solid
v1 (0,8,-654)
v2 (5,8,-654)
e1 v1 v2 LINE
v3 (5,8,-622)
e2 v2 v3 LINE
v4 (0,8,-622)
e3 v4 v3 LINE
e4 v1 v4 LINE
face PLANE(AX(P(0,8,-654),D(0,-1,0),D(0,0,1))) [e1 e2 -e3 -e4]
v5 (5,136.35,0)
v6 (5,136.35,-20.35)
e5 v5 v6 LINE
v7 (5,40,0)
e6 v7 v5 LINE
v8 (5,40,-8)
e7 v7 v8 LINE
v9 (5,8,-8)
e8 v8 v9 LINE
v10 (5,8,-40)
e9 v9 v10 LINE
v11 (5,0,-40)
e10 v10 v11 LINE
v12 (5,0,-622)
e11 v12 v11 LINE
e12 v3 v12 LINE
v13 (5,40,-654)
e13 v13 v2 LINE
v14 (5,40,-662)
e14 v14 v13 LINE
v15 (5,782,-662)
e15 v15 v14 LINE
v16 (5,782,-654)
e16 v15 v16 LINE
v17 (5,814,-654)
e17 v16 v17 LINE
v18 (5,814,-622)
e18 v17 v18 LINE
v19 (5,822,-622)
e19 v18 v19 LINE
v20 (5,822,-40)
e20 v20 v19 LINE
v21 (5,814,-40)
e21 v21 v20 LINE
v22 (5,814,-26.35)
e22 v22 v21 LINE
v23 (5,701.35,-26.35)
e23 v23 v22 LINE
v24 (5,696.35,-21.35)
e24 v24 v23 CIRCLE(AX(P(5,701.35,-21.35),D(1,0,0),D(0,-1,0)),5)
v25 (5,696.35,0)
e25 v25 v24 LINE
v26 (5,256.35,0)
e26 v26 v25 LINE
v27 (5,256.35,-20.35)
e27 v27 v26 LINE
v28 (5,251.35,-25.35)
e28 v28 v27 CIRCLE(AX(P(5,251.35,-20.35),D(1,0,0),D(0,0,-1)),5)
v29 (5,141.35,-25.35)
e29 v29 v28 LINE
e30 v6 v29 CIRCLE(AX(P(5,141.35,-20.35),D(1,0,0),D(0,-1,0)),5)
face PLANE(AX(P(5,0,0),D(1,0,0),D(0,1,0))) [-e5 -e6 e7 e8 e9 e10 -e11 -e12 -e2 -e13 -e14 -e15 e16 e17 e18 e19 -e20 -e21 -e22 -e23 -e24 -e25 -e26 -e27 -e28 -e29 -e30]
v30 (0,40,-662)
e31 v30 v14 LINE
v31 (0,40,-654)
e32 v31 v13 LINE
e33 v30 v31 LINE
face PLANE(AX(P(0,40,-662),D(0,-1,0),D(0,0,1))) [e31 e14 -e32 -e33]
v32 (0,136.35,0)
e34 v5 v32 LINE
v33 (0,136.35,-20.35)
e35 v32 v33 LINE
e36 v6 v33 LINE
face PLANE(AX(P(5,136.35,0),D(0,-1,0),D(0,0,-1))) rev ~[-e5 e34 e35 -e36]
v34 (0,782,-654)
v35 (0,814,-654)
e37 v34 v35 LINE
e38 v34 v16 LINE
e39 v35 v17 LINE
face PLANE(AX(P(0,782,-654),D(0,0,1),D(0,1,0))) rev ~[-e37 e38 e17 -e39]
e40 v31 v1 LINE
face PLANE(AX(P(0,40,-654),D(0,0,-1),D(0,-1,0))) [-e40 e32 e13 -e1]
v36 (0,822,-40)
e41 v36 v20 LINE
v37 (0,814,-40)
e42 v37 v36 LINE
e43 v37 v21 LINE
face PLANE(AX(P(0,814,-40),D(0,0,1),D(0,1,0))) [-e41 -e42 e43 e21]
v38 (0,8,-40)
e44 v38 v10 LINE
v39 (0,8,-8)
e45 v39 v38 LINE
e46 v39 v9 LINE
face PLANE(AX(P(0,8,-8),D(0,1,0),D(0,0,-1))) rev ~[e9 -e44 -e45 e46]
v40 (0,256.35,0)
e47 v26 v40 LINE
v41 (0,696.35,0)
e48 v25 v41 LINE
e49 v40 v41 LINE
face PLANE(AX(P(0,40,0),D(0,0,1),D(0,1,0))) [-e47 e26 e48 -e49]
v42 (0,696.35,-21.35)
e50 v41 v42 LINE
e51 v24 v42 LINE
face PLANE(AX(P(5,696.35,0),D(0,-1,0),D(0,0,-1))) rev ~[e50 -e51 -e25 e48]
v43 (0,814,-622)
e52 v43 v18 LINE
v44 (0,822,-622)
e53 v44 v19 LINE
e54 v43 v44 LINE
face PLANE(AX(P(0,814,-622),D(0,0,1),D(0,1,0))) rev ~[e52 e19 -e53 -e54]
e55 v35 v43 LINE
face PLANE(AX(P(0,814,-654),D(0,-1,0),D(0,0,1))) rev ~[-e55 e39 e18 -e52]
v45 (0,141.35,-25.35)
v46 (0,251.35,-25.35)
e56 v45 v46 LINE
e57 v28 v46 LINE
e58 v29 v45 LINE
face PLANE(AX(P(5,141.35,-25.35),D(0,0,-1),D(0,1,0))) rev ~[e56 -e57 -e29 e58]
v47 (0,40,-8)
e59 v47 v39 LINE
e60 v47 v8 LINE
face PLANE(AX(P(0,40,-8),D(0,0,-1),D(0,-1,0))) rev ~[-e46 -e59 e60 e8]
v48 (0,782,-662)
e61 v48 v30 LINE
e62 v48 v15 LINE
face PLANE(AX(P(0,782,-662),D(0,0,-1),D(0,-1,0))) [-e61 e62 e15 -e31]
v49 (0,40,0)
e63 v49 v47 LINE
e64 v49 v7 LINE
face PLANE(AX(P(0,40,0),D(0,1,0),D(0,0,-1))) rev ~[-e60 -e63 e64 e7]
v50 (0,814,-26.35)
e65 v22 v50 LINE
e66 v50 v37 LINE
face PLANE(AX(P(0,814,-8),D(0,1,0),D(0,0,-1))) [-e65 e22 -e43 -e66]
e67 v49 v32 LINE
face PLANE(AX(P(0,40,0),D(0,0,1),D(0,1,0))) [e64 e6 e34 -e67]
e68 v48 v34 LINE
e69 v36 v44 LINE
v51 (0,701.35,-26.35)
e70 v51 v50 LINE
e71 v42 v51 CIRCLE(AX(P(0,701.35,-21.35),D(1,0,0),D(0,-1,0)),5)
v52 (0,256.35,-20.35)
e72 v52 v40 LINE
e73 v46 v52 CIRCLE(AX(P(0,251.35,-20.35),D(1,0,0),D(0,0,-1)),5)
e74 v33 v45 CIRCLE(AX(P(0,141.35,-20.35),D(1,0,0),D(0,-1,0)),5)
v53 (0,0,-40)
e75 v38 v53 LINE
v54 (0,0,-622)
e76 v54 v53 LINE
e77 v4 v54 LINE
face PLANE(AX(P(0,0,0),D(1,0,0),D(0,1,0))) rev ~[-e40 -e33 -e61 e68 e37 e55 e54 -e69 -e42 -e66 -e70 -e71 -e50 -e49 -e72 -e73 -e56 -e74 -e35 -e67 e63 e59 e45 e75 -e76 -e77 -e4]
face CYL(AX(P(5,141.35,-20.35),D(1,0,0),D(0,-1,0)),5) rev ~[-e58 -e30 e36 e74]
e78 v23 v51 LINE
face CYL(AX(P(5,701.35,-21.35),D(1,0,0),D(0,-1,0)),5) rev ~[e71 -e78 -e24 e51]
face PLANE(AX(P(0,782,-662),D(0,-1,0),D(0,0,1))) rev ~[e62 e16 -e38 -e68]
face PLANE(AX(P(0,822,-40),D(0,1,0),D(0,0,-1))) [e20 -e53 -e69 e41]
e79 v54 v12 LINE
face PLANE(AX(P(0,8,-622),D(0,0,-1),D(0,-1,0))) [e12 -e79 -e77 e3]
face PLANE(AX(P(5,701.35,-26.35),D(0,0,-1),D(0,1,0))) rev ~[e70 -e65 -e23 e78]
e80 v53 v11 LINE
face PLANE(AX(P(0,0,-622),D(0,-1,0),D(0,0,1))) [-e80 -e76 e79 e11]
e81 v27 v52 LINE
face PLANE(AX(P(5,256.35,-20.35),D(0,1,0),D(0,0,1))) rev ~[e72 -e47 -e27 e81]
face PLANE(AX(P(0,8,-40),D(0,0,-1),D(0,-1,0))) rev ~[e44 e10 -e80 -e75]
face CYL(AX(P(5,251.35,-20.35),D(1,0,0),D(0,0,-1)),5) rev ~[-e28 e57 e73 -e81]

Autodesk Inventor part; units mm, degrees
ref_plane "YZ Plane" through (0, 0, 0) normal (1, 0, 0) x (0, 1, 0)
ref_plane "XZ Plane" through (0, 0, 0) normal (0, 1, 0) x (-1, 0, 0)
ref_plane "XY Plane" through (0, 0, 0) normal (0, 0, 1) x (1, 0, 0)
sketch "Sketch1" plane through (0, 0, 0) normal (1, 0, 0) x (0, 1, 0)
  line L0 (0, 0) -> (822, 0)
  line L1 (822, 0) -> (822, -662)
  line L2 (822, -662) -> (0, -662)
  line L3 (0, -662) -> (0, 0)
  line L4 (822, 0) -> (814, 0)
  line L5 (814, 0) -> (814, -40)
  line L6 (814, -40) -> (822, -40)
  line L7 (822, -40) -> (822, 0)
  line L8 (822, 0) -> (782, 0)
  line L9 (782, 0) -> (782, -8)
  line L10 (782, -8) -> (822, -8)
  line L11 (822, -8) -> (822, 0)
  line L12 (856.5319, -331) -> (-65.1606, -331) construction
  line L13 (411, 165.682) -> (411, -1074.2454) construction
  line L14 (822, -662) -> (814, -662)
  line L15 (814, -662) -> (814, -622)
  line L16 (814, -622) -> (822, -622)
  line L17 (822, -622) -> (822, -662)
  line L18 (822, -662) -> (782, -662)
  line L19 (782, -662) -> (782, -654)
  line L20 (782, -654) -> (822, -654)
  line L21 (822, -654) -> (822, -662)
  line L22 (0, 0) -> (0, -662)
  line L23 (0, 0) -> (8, 0)
  line L24 (8, 0) -> (8, -40)
  line L25 (8, -40) -> (0, -40)
  line L26 (0, -40) -> (0, 0)
  line L27 (0, 0) -> (40, 0)
  line L28 (40, 0) -> (40, -8)
  line L29 (40, -8) -> (0, -8)
  line L30 (0, -8) -> (0, 0)
  line L31 (8, -622) -> (0, -622)
  line L32 (40, -654) -> (0, -654)
  line L33 (0, -662) -> (8, -662)
  line L34 (8, -662) -> (8, -622)
  line L35 (0, -622) -> (0, -662)
  line L36 (0, -662) -> (40, -662)
  line L37 (40, -662) -> (40, -654)
  line L38 (0, -654) -> (0, -662)
  point P0 (782, -662)
  point P1 (814, -654)
  point P2 (822, -40)
  point P3 (814, -8)
  point P4 (782, 0)
  point P5 (40, 0)
  point P6 (8, -8)
  point P7 (0, -40)
  point P8 (0, -622)
  point P9 (8, -654)
  dimension "d0" = 822
  dimension "d1" = 662
  dimension "d2" = 40
  dimension "d3" = 40
  dimension "d4" = 8
  dimension "d5" = 8
  dimension "d6" = 331
  dimension "d7" = 411
extrude "Extrusion1" add sketch "Sketch1" along normal blind 5 contours L0 L9 L10 L5 L6 L1 L16 L15 L20 L19 L2 L37 L32 L34 L31 L3 L25 L24 L29 L28
sketch "Sketch2" plane through (5, 0, 0) normal (1, 0, 0) x (0, 0, -1)
  line L0 (0, 136.35) -> (20.35, 136.35)
  line L1 (25.35, 141.35) -> (25.35, 251.35)
  line L2 (20.35, 256.35) -> (0, 256.35)
  line L3 (0, 256.35) -> (0, 136.35)
  line L4 (0, 782) -> (0, 40) projected
  line L5 (0, 696.35) -> (21.35, 696.35)
  line L6 (26.35, 701.35) -> (26.35, 816.35)
  line L7 (26.35, 816.35) -> (0, 816.35)
  line L8 (0, 816.35) -> (0, 696.35)
  line L9 (6.35, 816.35) -> (656.35, 816.35) projected
  line L10 (656.35, 6.35) -> (6.35, 6.35) projected
  arc A0 (21.35, 696.35) -> (26.35, 701.35) centre (21.35, 701.35) ccw
  arc A1 (20.35, 136.35) -> (25.35, 141.35) centre (20.35, 141.35) ccw
  arc A2 (25.35, 251.35) -> (20.35, 256.35) centre (20.35, 251.35) ccw
  point P0 (0, 0)
  point P1 (25.35, 256.35)
  point P2 (26.35, 696.35)
  dimension "d10" = 130
  dimension "d11" = 120
  dimension "d12" = 25.35
  dimension "d13" = 0
  dimension "d14" = 120
  dimension "d15" = 26.35
  dimension "d16" = 5
extrude "Extrusion2" cut sketch "Sketch2" against normal blind 10
equation "\"d6\" = 0.5 * d1"
equation "\"d7\" = 0.5 * d0"
properties part number "Acrly_Wand_1"
